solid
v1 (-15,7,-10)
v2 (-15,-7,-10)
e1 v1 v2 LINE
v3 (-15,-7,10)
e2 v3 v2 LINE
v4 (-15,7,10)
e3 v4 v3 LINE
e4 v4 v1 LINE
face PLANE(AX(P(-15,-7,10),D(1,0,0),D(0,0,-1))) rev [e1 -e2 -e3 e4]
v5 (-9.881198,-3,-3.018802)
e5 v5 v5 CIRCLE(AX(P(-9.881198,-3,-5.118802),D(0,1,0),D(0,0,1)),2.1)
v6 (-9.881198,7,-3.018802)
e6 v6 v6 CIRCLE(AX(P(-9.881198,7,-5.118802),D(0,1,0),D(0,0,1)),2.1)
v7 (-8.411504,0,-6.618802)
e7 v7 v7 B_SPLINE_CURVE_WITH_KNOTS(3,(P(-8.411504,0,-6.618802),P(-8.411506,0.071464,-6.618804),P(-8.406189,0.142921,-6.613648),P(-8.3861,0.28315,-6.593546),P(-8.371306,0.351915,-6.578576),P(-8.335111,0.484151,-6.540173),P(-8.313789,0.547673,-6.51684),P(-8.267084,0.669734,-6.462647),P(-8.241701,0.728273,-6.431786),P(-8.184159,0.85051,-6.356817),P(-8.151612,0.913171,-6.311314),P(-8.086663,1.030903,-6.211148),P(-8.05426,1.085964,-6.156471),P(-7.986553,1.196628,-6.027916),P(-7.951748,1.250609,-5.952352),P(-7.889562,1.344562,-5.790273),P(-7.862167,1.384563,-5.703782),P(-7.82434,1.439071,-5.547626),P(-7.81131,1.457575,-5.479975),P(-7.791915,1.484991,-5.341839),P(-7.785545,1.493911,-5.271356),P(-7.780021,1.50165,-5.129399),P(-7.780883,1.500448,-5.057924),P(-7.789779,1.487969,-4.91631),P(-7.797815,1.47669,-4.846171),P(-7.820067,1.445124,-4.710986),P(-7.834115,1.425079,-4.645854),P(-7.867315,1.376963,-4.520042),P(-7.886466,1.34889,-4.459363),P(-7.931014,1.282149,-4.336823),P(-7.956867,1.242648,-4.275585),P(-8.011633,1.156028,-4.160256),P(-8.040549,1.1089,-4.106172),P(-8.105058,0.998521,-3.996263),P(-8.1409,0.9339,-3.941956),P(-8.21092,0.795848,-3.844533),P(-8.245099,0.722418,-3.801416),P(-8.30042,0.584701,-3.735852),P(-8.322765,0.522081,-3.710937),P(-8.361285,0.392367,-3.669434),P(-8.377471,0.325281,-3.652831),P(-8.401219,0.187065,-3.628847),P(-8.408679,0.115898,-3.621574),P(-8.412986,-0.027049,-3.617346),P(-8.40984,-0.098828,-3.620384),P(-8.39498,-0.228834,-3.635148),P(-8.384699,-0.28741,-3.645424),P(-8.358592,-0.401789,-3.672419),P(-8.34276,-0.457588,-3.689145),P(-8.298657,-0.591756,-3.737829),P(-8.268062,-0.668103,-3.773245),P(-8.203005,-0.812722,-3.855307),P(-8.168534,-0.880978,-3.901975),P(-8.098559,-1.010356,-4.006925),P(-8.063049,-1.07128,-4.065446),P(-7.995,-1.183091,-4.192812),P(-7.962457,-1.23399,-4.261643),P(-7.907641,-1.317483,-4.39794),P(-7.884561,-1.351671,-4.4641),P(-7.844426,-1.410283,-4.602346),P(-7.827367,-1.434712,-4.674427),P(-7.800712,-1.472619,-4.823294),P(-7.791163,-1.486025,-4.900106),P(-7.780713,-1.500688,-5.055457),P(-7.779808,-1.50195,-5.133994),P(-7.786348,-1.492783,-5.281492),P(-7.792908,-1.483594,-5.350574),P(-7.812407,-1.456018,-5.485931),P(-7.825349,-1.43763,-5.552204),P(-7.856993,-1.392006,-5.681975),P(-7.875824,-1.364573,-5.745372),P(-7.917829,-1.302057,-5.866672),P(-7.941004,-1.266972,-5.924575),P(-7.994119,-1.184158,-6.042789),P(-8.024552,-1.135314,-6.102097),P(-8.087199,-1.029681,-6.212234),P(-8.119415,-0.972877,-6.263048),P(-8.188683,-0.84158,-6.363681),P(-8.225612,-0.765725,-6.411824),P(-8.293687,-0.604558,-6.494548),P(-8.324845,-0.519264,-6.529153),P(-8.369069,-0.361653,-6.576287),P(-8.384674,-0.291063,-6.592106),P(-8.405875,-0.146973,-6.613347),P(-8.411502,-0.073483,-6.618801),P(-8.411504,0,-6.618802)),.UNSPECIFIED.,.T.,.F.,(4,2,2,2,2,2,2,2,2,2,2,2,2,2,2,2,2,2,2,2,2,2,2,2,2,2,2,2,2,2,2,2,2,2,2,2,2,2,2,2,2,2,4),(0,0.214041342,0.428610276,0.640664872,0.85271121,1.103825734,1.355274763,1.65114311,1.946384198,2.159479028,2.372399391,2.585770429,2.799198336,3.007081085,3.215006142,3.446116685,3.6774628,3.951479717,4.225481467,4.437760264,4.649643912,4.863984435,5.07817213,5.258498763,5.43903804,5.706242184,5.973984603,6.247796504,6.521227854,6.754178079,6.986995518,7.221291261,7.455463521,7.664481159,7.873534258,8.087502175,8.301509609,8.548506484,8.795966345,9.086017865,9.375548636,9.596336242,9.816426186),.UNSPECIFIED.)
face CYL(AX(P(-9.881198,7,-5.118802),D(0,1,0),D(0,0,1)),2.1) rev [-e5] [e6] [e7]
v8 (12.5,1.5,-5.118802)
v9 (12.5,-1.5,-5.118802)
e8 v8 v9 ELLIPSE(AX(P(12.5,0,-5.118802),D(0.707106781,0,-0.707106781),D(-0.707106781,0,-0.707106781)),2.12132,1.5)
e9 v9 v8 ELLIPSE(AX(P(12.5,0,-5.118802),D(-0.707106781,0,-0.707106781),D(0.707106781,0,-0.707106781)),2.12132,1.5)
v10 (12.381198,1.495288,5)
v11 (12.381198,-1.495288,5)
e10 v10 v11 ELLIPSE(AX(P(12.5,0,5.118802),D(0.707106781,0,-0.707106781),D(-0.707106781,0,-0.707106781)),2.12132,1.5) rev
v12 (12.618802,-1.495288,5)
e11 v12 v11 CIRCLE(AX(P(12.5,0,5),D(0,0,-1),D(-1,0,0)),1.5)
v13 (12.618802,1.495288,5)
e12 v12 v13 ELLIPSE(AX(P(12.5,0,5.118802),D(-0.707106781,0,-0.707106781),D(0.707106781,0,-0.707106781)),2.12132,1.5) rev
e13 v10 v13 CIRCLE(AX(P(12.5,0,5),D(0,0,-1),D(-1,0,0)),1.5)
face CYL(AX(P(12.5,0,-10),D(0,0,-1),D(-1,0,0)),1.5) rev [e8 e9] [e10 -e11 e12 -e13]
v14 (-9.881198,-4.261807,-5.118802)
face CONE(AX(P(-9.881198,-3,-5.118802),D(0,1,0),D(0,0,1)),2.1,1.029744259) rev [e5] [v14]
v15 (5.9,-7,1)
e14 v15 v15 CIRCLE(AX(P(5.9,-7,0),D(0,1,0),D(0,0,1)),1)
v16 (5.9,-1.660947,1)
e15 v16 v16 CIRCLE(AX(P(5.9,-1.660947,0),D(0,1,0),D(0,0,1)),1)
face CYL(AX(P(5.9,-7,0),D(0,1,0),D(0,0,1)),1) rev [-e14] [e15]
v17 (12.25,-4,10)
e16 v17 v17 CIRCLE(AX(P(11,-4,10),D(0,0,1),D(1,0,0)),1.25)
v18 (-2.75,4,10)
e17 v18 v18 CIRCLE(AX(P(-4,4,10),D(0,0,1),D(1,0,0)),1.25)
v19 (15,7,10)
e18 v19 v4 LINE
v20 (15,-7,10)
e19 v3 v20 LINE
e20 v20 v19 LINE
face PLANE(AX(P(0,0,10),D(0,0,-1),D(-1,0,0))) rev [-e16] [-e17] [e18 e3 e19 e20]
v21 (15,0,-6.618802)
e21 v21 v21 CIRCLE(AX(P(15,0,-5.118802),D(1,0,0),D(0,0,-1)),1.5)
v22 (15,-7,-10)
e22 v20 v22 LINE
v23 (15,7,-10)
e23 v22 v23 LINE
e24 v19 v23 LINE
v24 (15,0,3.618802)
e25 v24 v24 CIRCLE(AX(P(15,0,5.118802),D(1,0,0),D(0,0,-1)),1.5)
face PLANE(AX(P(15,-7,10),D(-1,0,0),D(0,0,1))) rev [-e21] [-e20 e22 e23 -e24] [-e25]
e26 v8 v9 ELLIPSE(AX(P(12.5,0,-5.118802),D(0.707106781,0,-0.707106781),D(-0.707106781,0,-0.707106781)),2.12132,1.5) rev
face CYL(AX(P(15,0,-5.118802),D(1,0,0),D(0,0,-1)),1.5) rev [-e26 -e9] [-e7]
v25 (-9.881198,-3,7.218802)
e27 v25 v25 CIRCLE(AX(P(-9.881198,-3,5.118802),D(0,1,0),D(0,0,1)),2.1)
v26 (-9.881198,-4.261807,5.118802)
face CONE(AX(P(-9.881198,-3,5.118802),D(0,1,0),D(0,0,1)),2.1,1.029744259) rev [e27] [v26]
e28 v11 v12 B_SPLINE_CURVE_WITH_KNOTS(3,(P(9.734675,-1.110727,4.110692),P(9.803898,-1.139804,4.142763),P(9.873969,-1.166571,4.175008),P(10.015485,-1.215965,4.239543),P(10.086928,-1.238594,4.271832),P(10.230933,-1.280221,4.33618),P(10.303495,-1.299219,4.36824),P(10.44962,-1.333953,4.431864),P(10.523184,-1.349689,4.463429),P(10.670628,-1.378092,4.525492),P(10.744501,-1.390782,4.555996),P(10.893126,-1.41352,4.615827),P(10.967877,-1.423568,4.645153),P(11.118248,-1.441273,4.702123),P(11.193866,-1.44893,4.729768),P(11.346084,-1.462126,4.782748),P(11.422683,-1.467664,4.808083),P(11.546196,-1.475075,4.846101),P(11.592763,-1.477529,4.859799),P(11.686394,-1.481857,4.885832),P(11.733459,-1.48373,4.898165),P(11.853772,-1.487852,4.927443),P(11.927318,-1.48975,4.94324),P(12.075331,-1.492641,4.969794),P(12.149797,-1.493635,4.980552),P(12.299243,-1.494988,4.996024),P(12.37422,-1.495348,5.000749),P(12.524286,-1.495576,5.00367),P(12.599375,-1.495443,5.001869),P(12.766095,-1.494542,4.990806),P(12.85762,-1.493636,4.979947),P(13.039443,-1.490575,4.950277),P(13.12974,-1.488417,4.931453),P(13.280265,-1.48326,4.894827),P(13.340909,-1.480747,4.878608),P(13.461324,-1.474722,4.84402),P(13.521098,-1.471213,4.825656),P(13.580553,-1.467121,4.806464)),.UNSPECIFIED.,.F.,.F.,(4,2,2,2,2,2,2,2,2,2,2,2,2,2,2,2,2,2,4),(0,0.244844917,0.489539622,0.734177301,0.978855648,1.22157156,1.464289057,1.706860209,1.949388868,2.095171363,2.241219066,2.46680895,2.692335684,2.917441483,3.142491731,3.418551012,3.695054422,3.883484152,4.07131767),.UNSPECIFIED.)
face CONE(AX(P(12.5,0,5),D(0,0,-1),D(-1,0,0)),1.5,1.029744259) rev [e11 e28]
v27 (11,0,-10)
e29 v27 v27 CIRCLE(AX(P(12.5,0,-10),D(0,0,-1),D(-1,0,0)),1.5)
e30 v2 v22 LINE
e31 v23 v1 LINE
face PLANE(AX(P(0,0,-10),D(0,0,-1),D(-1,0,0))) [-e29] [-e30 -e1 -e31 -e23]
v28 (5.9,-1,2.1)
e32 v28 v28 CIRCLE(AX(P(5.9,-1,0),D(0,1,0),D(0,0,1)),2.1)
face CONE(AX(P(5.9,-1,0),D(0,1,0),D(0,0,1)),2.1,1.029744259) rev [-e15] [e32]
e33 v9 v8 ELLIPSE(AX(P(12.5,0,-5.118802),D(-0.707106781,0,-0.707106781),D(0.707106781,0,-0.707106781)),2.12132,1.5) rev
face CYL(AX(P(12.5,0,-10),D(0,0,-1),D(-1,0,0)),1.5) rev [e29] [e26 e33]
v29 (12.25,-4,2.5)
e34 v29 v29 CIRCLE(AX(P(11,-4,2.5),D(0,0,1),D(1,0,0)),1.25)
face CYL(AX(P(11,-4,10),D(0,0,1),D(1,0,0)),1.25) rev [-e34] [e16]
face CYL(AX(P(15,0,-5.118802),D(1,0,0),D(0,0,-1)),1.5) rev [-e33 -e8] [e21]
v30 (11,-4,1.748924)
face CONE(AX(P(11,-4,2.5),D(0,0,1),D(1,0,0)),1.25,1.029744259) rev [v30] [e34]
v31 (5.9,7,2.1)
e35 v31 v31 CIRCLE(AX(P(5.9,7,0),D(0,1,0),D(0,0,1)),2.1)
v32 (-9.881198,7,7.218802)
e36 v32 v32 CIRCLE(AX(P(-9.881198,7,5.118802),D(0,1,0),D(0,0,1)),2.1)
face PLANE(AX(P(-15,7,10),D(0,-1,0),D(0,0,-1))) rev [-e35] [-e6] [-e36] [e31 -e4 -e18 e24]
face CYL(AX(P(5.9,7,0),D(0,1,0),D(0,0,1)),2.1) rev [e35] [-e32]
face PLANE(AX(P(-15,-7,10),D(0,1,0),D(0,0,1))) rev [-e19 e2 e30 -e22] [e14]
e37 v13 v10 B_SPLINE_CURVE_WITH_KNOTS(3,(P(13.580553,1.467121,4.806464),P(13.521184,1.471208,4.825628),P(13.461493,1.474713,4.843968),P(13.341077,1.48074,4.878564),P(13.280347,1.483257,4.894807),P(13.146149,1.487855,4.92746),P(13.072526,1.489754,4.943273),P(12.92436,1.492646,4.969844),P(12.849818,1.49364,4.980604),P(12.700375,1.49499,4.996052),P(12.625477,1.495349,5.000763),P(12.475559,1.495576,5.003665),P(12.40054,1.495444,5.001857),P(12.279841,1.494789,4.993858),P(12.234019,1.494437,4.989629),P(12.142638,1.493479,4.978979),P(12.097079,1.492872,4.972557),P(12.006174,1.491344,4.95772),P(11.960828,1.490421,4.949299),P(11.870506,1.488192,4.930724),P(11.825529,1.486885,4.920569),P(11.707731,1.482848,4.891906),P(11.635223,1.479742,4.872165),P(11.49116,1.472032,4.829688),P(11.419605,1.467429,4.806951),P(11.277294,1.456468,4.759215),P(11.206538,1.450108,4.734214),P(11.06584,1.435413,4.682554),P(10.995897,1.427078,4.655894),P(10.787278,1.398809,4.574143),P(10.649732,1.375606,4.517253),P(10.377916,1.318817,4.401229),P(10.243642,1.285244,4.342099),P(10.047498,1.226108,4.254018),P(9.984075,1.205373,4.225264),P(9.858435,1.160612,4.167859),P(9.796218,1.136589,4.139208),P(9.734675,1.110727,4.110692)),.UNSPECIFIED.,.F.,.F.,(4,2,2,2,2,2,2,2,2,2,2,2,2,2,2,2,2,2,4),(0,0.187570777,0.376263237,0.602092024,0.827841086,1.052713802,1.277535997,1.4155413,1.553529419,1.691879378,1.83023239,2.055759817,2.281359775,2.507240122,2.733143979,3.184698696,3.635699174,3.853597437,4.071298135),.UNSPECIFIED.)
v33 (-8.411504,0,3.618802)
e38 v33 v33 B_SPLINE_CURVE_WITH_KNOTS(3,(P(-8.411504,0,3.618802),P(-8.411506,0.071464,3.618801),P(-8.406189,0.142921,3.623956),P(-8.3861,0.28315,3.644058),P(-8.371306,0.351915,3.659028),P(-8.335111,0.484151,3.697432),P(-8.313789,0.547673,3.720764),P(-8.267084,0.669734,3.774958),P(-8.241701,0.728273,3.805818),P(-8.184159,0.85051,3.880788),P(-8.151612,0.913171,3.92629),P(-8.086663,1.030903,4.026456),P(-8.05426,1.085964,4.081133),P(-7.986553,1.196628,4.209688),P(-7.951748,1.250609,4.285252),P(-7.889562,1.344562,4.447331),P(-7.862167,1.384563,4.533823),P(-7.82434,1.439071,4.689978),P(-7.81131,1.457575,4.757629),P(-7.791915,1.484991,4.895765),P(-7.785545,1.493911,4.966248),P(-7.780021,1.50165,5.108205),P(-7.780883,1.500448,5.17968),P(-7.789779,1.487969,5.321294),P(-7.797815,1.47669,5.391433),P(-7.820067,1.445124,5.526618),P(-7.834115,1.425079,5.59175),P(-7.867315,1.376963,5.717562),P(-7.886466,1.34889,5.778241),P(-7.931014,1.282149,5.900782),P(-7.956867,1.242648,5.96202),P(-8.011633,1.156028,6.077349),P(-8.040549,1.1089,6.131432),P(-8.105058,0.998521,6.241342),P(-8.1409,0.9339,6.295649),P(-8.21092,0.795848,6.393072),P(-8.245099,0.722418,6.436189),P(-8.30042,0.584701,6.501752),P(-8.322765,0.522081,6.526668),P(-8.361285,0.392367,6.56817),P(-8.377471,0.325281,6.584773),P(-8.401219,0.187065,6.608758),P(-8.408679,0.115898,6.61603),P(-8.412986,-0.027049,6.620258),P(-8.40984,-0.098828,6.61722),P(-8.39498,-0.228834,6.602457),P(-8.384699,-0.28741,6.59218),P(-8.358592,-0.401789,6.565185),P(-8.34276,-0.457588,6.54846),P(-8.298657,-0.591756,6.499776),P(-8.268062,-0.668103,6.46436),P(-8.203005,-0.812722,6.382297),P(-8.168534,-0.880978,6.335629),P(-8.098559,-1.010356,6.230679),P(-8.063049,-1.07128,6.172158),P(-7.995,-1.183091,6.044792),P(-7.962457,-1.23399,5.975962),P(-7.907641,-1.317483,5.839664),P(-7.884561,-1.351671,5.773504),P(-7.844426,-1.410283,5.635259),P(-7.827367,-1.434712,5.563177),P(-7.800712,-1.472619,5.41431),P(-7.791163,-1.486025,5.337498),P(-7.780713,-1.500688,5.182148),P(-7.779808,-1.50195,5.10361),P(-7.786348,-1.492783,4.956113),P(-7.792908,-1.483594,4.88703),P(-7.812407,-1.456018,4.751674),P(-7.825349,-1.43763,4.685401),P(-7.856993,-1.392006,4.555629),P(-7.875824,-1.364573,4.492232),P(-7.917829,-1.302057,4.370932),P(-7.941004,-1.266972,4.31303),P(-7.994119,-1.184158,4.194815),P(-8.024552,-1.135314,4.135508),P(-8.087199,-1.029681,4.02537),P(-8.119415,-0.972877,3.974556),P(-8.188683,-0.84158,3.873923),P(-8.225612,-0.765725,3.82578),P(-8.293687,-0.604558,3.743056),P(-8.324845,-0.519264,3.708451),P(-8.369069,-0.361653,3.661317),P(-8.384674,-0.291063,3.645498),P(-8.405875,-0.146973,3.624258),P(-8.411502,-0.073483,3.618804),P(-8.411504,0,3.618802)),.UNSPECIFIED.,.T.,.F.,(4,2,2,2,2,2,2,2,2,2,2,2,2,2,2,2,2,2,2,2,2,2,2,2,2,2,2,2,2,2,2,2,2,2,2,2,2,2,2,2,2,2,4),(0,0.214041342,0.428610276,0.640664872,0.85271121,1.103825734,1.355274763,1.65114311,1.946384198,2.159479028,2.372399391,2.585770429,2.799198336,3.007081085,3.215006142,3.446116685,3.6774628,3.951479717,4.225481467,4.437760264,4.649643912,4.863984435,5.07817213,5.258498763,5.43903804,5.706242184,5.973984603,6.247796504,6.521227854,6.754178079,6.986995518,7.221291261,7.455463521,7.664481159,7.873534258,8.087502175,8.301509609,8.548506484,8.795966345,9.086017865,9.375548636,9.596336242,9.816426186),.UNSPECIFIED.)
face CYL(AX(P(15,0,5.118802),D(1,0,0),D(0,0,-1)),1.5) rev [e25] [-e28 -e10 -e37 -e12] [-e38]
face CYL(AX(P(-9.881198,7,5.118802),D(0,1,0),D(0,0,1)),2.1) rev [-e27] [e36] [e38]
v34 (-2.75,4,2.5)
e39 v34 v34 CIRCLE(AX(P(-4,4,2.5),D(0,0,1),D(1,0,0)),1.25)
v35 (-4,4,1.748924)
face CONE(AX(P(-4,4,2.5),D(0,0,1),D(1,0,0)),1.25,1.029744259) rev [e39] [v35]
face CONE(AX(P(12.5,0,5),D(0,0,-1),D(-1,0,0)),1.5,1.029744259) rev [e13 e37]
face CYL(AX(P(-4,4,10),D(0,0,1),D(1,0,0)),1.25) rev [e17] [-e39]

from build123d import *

# Parameters (mm, degrees)
SKETCH1_W                    = 30
SKETCH1_H                    = 14
BOSS_EXTRUDE1_DEPTH          = 10
SKETCH3_R                    = 1
CUT_EXTRUDE2_DEPTH           = 15
M5_TAPPED_HOLE1_D            = 4.2
M5_TAPPED_HOLE1_DEPTH        = 8
M5_TAPPED_HOLE1_TIP          = 1.2618073
F_3_0_3_DIAMETER_HOLE4_D     = 3
F_3_0_3_DIAMETER_HOLE4_DEPTH = 15
F_3_0_3_DIAMETER_HOLE4_TIP   = 0.901290929
F_3_0_3_DIAMETER_HOLE5_D     = 3
F_3_0_3_DIAMETER_HOLE5_DEPTH = 25
F_3_0_3_DIAMETER_HOLE5_TIP   = 0.901290929
M3_TAPPED_HOLE1_D            = 2.5
M3_TAPPED_HOLE1_DEPTH        = 7.5
M3_TAPPED_HOLE1_TIP          = 0.751075774


with BuildPart() as part:
    # Sketch1 → Boss-Extrude1 (new body, symmetric)
    with BuildSketch(Plane.XY):
        Rectangle(SKETCH1_W, SKETCH1_H)
    extrude(amount=BOSS_EXTRUDE1_DEPTH, both=True)

    # Sketch3 → Cut-Extrude2 (cut, through all)
    with BuildSketch(Plane(origin=(0, 7, 0), x_dir=(1, 0, 0), z_dir=(0, 1, 0))):
        with Locations((5.9, 0)):
            Circle(SKETCH3_R)
    extrude(amount=-CUT_EXTRUDE2_DEPTH, mode=Mode.SUBTRACT)

    # M5 Tapped Hole1
    with Locations(Plane(origin=(0, 7, 0), x_dir=(1, 0, 0), z_dir=(0, 1, 0))):
        with Locations((5.9, 0)):
            Hole(M5_TAPPED_HOLE1_D / 2, depth=M5_TAPPED_HOLE1_DEPTH)
            with Locations((0, 0, -(M5_TAPPED_HOLE1_DEPTH + M5_TAPPED_HOLE1_TIP / 2))):  # 118° drill point
                Cone(0, M5_TAPPED_HOLE1_D / 2, M5_TAPPED_HOLE1_TIP, mode=Mode.SUBTRACT)

    # Sketch7 → M5 Tapped Hole2 (revolve, cut)
    with BuildSketch(Plane(origin=(-9.881197846, 7, -5.118802154), x_dir=(0, 0, 1), z_dir=(1, 0, 0))):
        Polygon((0, 0), (0, 11.2618073), (2.1, 10), (2.1, 0), align=None)
    m5_tapped_hole2 = revolve(axis=Axis((-9.881197846, 13.35, -5.118802154), (0, -1, 0)), mode=Mode.SUBTRACT)

    # Mirror1: M5 Tapped Hole2 across plane
    add(m5_tapped_hole2.mirror(Plane.XY), mode=Mode.SUBTRACT)

    # Ø3.0 (3) Diameter Hole4
    with Locations(Plane(origin=(0, 0, -10), x_dir=(-1, 0, 0), z_dir=(0, 0, -1))):
        with Locations((-12.5, 0)):
            Hole(F_3_0_3_DIAMETER_HOLE4_D / 2, depth=F_3_0_3_DIAMETER_HOLE4_DEPTH)
            with Locations((0, 0, -(F_3_0_3_DIAMETER_HOLE4_DEPTH + F_3_0_3_DIAMETER_HOLE4_TIP / 2))):  # 118° drill point
                Cone(0, F_3_0_3_DIAMETER_HOLE4_D / 2, F_3_0_3_DIAMETER_HOLE4_TIP, mode=Mode.SUBTRACT)

    # Ø3.0 (3) Diameter Hole5
    with Locations(Plane(origin=(15, 0, 0), x_dir=(0, 0, -1), z_dir=(1, 0, 0))):
        with Locations((-5.118802154, 0), (5.118802154, 0)):
            Hole(F_3_0_3_DIAMETER_HOLE5_D / 2, depth=F_3_0_3_DIAMETER_HOLE5_DEPTH)
            with Locations((0, 0, -(F_3_0_3_DIAMETER_HOLE5_DEPTH + F_3_0_3_DIAMETER_HOLE5_TIP / 2))):  # 118° drill point
                Cone(0, F_3_0_3_DIAMETER_HOLE5_D / 2, F_3_0_3_DIAMETER_HOLE5_TIP, mode=Mode.SUBTRACT)

    # M3 Tapped Hole1
    with Locations(Plane.XY.offset(10)):
        with Locations((-4, 4), (11, -4)):
            Hole(M3_TAPPED_HOLE1_D / 2, depth=M3_TAPPED_HOLE1_DEPTH)
            with Locations((0, 0, -(M3_TAPPED_HOLE1_DEPTH + M3_TAPPED_HOLE1_TIP / 2))):  # 118° drill point
                Cone(0, M3_TAPPED_HOLE1_D / 2, M3_TAPPED_HOLE1_TIP, mode=Mode.SUBTRACT)


solid = part.part
